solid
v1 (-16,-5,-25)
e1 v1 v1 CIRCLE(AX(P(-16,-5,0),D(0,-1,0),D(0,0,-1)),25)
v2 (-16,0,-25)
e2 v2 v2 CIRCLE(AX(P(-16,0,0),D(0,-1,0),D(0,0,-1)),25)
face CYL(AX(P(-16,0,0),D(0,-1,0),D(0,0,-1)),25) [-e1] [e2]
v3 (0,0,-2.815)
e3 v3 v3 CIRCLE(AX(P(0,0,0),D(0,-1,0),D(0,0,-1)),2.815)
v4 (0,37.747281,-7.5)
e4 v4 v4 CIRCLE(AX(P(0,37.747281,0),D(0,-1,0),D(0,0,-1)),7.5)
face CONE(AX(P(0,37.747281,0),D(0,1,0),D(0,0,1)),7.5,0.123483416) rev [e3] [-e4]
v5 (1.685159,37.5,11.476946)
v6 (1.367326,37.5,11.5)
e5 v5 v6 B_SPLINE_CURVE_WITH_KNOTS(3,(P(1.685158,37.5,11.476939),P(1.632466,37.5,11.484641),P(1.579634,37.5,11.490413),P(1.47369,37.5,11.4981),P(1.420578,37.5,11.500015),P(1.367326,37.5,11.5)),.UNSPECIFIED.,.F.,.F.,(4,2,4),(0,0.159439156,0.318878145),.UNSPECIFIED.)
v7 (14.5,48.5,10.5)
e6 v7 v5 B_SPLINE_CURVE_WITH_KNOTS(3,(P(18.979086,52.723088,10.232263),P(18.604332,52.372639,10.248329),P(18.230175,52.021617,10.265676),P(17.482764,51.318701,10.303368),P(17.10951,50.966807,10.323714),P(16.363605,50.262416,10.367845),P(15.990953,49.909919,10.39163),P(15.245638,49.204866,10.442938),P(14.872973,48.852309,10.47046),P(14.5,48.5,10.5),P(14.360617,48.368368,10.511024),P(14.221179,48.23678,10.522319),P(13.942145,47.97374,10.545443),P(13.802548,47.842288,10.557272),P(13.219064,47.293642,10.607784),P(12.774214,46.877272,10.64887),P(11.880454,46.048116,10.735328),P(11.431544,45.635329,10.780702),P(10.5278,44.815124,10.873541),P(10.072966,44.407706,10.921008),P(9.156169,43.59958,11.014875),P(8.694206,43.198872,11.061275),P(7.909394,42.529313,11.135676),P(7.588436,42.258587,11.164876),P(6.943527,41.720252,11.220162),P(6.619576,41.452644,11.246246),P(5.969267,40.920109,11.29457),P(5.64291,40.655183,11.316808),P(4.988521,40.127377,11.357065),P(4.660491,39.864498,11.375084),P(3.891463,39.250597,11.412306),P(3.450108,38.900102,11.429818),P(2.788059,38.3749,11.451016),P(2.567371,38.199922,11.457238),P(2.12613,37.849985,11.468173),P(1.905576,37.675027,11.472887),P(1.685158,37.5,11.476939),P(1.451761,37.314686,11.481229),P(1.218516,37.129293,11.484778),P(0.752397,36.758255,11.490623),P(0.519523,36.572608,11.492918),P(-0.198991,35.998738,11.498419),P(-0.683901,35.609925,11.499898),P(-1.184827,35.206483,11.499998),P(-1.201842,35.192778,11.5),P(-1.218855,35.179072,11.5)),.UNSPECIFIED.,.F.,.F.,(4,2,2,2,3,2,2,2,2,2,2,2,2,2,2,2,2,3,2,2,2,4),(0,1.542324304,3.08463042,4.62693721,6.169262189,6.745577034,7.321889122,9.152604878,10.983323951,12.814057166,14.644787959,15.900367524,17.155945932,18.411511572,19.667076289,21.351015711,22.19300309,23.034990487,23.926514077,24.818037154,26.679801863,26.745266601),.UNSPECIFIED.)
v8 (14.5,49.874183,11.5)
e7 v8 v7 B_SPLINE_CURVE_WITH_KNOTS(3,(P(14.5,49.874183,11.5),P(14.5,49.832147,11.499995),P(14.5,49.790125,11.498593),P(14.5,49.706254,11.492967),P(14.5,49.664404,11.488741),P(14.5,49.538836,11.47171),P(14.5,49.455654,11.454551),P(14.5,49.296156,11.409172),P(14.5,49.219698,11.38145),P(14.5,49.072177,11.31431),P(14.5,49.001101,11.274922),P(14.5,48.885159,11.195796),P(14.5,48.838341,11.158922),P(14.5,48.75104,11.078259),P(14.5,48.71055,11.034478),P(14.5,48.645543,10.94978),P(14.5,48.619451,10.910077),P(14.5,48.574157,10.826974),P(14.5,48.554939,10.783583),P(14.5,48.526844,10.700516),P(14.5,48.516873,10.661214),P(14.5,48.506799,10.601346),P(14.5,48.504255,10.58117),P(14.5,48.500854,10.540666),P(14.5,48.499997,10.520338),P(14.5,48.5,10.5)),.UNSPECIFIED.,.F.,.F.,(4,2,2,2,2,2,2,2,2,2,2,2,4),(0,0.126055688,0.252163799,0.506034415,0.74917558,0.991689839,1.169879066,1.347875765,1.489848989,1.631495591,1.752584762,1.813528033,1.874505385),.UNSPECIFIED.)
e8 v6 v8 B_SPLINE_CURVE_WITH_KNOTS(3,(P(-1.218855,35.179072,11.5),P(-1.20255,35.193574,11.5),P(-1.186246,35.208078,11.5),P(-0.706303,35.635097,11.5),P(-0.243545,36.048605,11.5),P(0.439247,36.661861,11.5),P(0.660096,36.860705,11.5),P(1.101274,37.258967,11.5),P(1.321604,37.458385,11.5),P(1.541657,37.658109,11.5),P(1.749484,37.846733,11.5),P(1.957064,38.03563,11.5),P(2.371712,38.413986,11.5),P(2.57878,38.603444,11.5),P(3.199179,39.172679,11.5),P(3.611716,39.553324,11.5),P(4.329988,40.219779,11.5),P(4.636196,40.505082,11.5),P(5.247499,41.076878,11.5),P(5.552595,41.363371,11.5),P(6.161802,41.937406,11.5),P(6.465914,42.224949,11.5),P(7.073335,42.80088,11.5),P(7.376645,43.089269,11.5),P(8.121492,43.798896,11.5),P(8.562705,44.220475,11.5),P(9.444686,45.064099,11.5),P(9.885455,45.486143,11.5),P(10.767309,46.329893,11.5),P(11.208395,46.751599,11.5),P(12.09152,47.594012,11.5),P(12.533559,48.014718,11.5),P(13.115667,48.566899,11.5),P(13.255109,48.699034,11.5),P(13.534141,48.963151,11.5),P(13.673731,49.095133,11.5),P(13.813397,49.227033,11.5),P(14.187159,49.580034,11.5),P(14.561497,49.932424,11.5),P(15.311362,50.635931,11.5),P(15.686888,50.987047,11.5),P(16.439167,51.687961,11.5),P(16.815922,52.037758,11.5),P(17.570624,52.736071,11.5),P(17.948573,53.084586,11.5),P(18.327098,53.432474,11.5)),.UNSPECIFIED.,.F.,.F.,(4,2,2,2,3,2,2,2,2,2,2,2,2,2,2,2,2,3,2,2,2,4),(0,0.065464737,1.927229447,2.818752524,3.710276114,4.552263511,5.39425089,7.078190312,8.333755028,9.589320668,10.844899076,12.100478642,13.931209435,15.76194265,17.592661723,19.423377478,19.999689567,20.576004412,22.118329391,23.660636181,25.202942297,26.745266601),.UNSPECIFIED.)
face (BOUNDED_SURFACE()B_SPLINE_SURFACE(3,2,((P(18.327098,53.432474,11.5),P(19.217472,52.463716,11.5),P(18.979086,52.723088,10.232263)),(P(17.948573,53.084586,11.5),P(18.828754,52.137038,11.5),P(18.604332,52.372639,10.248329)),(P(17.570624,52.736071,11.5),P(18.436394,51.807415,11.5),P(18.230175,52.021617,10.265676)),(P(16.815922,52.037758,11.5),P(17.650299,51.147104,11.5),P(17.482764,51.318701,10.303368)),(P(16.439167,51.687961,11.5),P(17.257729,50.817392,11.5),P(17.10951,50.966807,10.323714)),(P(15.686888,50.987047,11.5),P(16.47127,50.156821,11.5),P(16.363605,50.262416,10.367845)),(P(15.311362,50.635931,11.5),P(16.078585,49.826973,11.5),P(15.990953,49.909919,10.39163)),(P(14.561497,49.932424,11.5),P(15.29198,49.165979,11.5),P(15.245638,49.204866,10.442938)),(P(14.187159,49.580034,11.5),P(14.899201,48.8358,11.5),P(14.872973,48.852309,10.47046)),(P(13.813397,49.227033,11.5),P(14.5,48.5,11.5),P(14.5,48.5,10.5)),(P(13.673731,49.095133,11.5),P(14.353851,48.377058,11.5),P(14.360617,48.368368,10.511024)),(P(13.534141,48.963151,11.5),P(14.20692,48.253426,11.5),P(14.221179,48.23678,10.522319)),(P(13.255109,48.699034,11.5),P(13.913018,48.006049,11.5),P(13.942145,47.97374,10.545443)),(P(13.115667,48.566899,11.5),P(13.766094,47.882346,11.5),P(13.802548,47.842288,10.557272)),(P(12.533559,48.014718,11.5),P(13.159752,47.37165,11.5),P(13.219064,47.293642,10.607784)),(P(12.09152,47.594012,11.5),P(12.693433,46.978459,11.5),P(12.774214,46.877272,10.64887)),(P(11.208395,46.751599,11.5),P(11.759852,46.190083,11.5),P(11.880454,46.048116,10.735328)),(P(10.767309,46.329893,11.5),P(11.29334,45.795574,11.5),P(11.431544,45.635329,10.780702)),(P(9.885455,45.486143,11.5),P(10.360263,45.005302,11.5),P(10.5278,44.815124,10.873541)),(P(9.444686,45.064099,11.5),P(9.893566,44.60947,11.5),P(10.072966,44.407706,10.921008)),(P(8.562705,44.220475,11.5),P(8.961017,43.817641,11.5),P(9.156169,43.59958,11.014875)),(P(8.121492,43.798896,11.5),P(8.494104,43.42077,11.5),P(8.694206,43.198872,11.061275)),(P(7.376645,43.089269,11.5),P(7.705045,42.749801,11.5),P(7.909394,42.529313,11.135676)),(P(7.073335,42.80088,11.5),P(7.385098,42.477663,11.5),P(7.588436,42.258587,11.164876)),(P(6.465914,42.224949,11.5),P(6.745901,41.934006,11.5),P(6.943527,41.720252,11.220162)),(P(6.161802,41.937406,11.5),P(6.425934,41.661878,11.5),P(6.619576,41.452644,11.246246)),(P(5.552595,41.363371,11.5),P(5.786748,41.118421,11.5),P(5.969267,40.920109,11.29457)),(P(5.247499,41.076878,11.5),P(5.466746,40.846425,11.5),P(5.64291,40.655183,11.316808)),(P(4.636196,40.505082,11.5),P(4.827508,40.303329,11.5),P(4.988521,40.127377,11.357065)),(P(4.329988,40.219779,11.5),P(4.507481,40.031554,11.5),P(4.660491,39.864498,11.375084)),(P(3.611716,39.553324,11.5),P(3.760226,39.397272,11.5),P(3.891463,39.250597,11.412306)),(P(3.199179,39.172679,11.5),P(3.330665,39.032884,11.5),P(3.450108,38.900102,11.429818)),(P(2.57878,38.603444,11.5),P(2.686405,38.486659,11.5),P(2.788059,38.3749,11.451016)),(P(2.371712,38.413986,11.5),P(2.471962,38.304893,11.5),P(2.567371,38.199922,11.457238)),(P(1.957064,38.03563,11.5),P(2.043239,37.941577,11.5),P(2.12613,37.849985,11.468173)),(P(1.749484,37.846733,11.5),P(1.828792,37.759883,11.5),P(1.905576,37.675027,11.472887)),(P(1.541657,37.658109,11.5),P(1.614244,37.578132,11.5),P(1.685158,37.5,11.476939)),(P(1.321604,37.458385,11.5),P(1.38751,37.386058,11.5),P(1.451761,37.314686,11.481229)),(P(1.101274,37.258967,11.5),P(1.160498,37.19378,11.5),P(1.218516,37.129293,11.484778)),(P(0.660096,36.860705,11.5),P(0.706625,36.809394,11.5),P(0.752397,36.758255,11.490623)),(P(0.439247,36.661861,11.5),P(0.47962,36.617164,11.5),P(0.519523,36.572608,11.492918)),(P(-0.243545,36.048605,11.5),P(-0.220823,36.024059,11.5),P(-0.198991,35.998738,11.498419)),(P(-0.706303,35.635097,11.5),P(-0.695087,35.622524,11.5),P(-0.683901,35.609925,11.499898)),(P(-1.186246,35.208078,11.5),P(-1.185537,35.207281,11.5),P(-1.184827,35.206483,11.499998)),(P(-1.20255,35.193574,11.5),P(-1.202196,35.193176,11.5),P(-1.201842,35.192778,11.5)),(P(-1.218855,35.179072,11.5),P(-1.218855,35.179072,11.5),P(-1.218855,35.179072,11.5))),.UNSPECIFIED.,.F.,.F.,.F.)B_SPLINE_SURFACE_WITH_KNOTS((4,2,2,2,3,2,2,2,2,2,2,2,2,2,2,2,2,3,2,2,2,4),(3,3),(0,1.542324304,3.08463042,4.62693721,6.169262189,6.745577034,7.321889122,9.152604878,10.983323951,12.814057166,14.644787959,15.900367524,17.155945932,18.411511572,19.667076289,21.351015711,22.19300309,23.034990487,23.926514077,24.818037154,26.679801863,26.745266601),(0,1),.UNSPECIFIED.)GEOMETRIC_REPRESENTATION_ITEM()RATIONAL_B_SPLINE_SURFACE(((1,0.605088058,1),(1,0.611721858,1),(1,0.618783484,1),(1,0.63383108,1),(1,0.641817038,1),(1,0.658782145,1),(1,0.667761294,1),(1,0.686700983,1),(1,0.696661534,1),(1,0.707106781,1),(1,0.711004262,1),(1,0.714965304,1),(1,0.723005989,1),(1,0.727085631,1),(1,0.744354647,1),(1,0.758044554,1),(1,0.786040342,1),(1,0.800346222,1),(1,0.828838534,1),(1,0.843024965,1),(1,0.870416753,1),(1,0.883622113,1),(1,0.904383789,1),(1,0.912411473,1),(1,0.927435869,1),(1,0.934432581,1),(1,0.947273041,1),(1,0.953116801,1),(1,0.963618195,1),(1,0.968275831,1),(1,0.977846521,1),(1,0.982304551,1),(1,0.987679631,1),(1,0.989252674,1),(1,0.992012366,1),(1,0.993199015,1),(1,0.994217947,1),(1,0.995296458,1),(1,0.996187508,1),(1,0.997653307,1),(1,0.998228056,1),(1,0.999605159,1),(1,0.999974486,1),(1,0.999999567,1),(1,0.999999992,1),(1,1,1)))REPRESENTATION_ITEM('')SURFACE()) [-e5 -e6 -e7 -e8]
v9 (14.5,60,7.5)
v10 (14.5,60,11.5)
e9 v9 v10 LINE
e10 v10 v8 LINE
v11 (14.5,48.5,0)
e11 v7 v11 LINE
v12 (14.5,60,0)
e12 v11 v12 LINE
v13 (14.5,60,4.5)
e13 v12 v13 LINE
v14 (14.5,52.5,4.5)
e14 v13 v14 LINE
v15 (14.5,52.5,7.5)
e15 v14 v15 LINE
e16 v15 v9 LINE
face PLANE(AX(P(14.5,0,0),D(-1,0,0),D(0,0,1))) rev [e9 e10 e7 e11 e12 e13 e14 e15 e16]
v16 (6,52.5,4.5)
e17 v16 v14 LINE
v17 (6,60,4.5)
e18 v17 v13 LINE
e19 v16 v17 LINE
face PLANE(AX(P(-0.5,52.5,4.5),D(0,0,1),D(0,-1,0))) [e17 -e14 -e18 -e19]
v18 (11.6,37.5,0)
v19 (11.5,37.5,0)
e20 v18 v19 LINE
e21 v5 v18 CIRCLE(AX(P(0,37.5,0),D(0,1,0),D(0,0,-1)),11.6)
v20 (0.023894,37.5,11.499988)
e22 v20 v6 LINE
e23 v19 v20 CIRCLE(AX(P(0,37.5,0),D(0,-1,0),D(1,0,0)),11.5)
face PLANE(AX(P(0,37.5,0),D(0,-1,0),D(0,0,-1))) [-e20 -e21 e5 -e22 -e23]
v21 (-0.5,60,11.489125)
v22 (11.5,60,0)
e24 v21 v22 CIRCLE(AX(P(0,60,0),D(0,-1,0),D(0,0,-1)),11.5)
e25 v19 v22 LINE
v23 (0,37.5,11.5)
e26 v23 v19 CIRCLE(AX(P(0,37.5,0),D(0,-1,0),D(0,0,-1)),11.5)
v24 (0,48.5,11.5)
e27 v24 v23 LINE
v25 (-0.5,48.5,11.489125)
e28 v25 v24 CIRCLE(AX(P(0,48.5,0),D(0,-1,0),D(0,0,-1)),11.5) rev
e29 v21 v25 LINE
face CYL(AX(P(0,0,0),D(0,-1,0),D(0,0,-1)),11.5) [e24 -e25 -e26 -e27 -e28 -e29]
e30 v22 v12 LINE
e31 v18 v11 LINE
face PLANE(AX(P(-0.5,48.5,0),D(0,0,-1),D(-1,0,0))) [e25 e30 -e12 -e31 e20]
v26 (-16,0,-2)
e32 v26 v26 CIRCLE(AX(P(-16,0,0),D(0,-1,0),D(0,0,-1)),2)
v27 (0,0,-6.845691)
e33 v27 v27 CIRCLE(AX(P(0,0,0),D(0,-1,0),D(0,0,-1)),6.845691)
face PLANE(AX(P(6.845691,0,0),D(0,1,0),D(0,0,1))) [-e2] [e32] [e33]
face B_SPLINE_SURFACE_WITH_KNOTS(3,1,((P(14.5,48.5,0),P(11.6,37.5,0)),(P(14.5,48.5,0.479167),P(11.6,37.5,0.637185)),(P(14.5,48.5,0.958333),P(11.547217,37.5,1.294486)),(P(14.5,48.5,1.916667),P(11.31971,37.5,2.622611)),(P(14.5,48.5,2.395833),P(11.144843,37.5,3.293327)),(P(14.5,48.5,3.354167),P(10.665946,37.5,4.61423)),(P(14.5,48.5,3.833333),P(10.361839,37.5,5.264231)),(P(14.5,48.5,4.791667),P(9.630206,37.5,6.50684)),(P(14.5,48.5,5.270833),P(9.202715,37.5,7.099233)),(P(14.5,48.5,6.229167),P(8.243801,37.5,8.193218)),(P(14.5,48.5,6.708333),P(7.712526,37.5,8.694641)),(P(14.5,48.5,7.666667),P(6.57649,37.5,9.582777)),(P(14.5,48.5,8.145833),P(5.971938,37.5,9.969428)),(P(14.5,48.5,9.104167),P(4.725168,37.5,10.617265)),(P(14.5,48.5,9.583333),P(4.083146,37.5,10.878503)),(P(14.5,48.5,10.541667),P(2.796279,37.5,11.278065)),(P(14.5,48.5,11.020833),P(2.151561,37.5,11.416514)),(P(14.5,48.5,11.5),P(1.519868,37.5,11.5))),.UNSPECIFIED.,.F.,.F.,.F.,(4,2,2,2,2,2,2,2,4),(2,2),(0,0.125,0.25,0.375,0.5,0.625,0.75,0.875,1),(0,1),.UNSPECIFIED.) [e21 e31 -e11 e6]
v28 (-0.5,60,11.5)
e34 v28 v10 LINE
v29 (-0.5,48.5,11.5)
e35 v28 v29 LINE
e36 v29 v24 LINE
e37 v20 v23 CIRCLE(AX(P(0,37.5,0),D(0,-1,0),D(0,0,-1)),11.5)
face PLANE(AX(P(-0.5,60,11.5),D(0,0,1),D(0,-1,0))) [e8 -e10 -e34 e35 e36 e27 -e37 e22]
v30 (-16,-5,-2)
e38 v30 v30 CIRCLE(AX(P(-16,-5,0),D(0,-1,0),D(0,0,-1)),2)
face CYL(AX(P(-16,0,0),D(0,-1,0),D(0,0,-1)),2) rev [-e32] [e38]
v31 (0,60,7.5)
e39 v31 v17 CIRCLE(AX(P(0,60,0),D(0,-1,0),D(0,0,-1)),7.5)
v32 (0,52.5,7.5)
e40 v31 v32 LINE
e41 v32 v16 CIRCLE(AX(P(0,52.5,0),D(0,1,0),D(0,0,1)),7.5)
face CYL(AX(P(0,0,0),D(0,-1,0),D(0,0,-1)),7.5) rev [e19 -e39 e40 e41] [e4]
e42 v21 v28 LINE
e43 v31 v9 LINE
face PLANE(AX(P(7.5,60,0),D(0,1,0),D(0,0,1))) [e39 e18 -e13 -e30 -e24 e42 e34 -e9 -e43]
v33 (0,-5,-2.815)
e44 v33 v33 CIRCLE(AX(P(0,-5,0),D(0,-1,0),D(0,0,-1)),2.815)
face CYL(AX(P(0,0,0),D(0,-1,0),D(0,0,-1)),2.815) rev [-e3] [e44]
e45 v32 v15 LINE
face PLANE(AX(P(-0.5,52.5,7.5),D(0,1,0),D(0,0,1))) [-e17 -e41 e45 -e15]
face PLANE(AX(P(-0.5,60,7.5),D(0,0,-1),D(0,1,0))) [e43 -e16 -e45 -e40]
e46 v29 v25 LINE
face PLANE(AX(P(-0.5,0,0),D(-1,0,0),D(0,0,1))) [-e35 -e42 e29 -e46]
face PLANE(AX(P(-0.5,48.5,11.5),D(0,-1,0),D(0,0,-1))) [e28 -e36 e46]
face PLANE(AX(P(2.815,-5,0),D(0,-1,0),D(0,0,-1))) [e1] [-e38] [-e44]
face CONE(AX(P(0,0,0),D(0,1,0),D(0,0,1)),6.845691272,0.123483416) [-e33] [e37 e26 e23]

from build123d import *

# Parameters (mm, degrees)
BOSS_EXTRUDE2_DEPTH = 15
SKETCH9_W           = 3
SKETCH9_H           = 7.5
CUT_EXTRUDE2_DEPTH  = 14.5
SKETCH10_R          = 7.5
CUT_EXTRUDE3_DEPTH  = 19
FILLET2_R           = 1
BOSS_EXTRUDE3_START = -5
SKETCH13_R          = 25
SKETCH13_R_2        = 2.815
SKETCH13_R_3        = 2
BOSS_EXTRUDE3_DEPTH = 5


with BuildPart() as part:
    # Sketch1 → Revolve1 (revolve)
    with BuildSketch(Plane.XY, mode=Mode.PRIVATE) as revolve1_sk:
        Polygon((2.815, 0), (7.5, 37.747281127), (7.5, 60), (11.5, 60), (11.5, 37.5), (6.845691272, 0), (8, 0), (8, -5), (2.815, -4.99976246), align=None)
    revolve(revolve1_sk.sketch.rotate(Axis((0, 0, 0), (0, 1, 0)), 90), axis=Axis((0, 0, 0), (0, 1, 0)))

    # Sketch8 → Boss-Extrude2 (add)
    with BuildSketch(Plane(origin=(14.5, 0, 0), x_dir=(0, 0, -1), z_dir=(1, 0, 0))):
        Polygon((-7.5, 60), (-11.5, 60), (-11.5, 48.5), (0, 48.5), (0, 60), (-4.5, 60), (-4.5, 52.5), (-7.5, 52.5), align=None)
    extrude(amount=-BOSS_EXTRUDE2_DEPTH)

    # Sketch9 → Cut-Extrude2 (cut)
    with BuildSketch(Plane(origin=(14.5, 0, 0), x_dir=(0, 0, -1), z_dir=(1, 0, 0))):
        with Locations((-6, 56.25)):
            Rectangle(SKETCH9_W, SKETCH9_H)
    extrude(amount=-CUT_EXTRUDE2_DEPTH, mode=Mode.SUBTRACT)

    # Sketch10 → Cut-Extrude3 (cut)
    with BuildSketch(Plane(origin=(0, 60, 0), x_dir=(1, 0, 0), z_dir=(0, 1, 0))):
        with Locations(Location((0, 0, 0), (0, 0, 90))):
            Circle(SKETCH10_R)
    extrude(amount=-CUT_EXTRUDE3_DEPTH, mode=Mode.SUBTRACT)

    # Sketch11 for Loft4 → Loft4 section 0
    with BuildSketch(Plane.XZ.offset(-48.5)):
        with BuildLine():
            Line((0, 11.5), (14.5, 11.5))
            Line((14.5, 11.5), (14.5, 0))
            Line((14.5, 0), (11.5, 0))
            # circular arc as an exact rational Bezier (weights 1, cos(half-angle), 1)
            Bezier((11.5, 0), (11.5, 11.5), (0, 11.5), weights=[1, 0.707106781, 1])
        make_face()
    # Sketch12 for Loft4 → Loft4 section 1
    with BuildSketch(Plane(origin=(0, 37.5, 0), x_dir=(1, 0, 0), z_dir=(0, 1, 0))):
        with BuildLine():
            Line((0, -11.5), (1.519868415, -11.5))
            Bezier((1.519868415, -11.5), (11.6, -10.167784903), (11.6, 0), weights=[1, 0.752005033, 1])
            Line((11.6, 0), (11.5, 0))
            Bezier((11.5, 0), (11.5, -11.5), (0, -11.5), weights=[1, 0.707106781, 1])
        make_face()
    loft()

    # Fillet2
    fillet2_edges = [part.edges().sort_by_distance(p)[0] for p in [
        (8.009934208, 43, 11.5),
    ]]
    fillet(fillet2_edges, radius=FILLET2_R)

    # Sketch13 → Boss-Extrude3 (add)
    with BuildSketch(Plane.XZ.offset(5).offset(BOSS_EXTRUDE3_START)):
        with Locations(Location((-16, 0, 0), (0, 0, 270))):
            Circle(SKETCH13_R)
        with Locations(Location((0, 0, 0), (0, 0, 270))):
            Circle(SKETCH13_R_2, mode=Mode.SUBTRACT)
        with Locations(Location((-16, 0, 0), (0, 0, 270))):
            Circle(SKETCH13_R_3, mode=Mode.SUBTRACT)
    extrude(amount=BOSS_EXTRUDE3_DEPTH)


solid = part.part
